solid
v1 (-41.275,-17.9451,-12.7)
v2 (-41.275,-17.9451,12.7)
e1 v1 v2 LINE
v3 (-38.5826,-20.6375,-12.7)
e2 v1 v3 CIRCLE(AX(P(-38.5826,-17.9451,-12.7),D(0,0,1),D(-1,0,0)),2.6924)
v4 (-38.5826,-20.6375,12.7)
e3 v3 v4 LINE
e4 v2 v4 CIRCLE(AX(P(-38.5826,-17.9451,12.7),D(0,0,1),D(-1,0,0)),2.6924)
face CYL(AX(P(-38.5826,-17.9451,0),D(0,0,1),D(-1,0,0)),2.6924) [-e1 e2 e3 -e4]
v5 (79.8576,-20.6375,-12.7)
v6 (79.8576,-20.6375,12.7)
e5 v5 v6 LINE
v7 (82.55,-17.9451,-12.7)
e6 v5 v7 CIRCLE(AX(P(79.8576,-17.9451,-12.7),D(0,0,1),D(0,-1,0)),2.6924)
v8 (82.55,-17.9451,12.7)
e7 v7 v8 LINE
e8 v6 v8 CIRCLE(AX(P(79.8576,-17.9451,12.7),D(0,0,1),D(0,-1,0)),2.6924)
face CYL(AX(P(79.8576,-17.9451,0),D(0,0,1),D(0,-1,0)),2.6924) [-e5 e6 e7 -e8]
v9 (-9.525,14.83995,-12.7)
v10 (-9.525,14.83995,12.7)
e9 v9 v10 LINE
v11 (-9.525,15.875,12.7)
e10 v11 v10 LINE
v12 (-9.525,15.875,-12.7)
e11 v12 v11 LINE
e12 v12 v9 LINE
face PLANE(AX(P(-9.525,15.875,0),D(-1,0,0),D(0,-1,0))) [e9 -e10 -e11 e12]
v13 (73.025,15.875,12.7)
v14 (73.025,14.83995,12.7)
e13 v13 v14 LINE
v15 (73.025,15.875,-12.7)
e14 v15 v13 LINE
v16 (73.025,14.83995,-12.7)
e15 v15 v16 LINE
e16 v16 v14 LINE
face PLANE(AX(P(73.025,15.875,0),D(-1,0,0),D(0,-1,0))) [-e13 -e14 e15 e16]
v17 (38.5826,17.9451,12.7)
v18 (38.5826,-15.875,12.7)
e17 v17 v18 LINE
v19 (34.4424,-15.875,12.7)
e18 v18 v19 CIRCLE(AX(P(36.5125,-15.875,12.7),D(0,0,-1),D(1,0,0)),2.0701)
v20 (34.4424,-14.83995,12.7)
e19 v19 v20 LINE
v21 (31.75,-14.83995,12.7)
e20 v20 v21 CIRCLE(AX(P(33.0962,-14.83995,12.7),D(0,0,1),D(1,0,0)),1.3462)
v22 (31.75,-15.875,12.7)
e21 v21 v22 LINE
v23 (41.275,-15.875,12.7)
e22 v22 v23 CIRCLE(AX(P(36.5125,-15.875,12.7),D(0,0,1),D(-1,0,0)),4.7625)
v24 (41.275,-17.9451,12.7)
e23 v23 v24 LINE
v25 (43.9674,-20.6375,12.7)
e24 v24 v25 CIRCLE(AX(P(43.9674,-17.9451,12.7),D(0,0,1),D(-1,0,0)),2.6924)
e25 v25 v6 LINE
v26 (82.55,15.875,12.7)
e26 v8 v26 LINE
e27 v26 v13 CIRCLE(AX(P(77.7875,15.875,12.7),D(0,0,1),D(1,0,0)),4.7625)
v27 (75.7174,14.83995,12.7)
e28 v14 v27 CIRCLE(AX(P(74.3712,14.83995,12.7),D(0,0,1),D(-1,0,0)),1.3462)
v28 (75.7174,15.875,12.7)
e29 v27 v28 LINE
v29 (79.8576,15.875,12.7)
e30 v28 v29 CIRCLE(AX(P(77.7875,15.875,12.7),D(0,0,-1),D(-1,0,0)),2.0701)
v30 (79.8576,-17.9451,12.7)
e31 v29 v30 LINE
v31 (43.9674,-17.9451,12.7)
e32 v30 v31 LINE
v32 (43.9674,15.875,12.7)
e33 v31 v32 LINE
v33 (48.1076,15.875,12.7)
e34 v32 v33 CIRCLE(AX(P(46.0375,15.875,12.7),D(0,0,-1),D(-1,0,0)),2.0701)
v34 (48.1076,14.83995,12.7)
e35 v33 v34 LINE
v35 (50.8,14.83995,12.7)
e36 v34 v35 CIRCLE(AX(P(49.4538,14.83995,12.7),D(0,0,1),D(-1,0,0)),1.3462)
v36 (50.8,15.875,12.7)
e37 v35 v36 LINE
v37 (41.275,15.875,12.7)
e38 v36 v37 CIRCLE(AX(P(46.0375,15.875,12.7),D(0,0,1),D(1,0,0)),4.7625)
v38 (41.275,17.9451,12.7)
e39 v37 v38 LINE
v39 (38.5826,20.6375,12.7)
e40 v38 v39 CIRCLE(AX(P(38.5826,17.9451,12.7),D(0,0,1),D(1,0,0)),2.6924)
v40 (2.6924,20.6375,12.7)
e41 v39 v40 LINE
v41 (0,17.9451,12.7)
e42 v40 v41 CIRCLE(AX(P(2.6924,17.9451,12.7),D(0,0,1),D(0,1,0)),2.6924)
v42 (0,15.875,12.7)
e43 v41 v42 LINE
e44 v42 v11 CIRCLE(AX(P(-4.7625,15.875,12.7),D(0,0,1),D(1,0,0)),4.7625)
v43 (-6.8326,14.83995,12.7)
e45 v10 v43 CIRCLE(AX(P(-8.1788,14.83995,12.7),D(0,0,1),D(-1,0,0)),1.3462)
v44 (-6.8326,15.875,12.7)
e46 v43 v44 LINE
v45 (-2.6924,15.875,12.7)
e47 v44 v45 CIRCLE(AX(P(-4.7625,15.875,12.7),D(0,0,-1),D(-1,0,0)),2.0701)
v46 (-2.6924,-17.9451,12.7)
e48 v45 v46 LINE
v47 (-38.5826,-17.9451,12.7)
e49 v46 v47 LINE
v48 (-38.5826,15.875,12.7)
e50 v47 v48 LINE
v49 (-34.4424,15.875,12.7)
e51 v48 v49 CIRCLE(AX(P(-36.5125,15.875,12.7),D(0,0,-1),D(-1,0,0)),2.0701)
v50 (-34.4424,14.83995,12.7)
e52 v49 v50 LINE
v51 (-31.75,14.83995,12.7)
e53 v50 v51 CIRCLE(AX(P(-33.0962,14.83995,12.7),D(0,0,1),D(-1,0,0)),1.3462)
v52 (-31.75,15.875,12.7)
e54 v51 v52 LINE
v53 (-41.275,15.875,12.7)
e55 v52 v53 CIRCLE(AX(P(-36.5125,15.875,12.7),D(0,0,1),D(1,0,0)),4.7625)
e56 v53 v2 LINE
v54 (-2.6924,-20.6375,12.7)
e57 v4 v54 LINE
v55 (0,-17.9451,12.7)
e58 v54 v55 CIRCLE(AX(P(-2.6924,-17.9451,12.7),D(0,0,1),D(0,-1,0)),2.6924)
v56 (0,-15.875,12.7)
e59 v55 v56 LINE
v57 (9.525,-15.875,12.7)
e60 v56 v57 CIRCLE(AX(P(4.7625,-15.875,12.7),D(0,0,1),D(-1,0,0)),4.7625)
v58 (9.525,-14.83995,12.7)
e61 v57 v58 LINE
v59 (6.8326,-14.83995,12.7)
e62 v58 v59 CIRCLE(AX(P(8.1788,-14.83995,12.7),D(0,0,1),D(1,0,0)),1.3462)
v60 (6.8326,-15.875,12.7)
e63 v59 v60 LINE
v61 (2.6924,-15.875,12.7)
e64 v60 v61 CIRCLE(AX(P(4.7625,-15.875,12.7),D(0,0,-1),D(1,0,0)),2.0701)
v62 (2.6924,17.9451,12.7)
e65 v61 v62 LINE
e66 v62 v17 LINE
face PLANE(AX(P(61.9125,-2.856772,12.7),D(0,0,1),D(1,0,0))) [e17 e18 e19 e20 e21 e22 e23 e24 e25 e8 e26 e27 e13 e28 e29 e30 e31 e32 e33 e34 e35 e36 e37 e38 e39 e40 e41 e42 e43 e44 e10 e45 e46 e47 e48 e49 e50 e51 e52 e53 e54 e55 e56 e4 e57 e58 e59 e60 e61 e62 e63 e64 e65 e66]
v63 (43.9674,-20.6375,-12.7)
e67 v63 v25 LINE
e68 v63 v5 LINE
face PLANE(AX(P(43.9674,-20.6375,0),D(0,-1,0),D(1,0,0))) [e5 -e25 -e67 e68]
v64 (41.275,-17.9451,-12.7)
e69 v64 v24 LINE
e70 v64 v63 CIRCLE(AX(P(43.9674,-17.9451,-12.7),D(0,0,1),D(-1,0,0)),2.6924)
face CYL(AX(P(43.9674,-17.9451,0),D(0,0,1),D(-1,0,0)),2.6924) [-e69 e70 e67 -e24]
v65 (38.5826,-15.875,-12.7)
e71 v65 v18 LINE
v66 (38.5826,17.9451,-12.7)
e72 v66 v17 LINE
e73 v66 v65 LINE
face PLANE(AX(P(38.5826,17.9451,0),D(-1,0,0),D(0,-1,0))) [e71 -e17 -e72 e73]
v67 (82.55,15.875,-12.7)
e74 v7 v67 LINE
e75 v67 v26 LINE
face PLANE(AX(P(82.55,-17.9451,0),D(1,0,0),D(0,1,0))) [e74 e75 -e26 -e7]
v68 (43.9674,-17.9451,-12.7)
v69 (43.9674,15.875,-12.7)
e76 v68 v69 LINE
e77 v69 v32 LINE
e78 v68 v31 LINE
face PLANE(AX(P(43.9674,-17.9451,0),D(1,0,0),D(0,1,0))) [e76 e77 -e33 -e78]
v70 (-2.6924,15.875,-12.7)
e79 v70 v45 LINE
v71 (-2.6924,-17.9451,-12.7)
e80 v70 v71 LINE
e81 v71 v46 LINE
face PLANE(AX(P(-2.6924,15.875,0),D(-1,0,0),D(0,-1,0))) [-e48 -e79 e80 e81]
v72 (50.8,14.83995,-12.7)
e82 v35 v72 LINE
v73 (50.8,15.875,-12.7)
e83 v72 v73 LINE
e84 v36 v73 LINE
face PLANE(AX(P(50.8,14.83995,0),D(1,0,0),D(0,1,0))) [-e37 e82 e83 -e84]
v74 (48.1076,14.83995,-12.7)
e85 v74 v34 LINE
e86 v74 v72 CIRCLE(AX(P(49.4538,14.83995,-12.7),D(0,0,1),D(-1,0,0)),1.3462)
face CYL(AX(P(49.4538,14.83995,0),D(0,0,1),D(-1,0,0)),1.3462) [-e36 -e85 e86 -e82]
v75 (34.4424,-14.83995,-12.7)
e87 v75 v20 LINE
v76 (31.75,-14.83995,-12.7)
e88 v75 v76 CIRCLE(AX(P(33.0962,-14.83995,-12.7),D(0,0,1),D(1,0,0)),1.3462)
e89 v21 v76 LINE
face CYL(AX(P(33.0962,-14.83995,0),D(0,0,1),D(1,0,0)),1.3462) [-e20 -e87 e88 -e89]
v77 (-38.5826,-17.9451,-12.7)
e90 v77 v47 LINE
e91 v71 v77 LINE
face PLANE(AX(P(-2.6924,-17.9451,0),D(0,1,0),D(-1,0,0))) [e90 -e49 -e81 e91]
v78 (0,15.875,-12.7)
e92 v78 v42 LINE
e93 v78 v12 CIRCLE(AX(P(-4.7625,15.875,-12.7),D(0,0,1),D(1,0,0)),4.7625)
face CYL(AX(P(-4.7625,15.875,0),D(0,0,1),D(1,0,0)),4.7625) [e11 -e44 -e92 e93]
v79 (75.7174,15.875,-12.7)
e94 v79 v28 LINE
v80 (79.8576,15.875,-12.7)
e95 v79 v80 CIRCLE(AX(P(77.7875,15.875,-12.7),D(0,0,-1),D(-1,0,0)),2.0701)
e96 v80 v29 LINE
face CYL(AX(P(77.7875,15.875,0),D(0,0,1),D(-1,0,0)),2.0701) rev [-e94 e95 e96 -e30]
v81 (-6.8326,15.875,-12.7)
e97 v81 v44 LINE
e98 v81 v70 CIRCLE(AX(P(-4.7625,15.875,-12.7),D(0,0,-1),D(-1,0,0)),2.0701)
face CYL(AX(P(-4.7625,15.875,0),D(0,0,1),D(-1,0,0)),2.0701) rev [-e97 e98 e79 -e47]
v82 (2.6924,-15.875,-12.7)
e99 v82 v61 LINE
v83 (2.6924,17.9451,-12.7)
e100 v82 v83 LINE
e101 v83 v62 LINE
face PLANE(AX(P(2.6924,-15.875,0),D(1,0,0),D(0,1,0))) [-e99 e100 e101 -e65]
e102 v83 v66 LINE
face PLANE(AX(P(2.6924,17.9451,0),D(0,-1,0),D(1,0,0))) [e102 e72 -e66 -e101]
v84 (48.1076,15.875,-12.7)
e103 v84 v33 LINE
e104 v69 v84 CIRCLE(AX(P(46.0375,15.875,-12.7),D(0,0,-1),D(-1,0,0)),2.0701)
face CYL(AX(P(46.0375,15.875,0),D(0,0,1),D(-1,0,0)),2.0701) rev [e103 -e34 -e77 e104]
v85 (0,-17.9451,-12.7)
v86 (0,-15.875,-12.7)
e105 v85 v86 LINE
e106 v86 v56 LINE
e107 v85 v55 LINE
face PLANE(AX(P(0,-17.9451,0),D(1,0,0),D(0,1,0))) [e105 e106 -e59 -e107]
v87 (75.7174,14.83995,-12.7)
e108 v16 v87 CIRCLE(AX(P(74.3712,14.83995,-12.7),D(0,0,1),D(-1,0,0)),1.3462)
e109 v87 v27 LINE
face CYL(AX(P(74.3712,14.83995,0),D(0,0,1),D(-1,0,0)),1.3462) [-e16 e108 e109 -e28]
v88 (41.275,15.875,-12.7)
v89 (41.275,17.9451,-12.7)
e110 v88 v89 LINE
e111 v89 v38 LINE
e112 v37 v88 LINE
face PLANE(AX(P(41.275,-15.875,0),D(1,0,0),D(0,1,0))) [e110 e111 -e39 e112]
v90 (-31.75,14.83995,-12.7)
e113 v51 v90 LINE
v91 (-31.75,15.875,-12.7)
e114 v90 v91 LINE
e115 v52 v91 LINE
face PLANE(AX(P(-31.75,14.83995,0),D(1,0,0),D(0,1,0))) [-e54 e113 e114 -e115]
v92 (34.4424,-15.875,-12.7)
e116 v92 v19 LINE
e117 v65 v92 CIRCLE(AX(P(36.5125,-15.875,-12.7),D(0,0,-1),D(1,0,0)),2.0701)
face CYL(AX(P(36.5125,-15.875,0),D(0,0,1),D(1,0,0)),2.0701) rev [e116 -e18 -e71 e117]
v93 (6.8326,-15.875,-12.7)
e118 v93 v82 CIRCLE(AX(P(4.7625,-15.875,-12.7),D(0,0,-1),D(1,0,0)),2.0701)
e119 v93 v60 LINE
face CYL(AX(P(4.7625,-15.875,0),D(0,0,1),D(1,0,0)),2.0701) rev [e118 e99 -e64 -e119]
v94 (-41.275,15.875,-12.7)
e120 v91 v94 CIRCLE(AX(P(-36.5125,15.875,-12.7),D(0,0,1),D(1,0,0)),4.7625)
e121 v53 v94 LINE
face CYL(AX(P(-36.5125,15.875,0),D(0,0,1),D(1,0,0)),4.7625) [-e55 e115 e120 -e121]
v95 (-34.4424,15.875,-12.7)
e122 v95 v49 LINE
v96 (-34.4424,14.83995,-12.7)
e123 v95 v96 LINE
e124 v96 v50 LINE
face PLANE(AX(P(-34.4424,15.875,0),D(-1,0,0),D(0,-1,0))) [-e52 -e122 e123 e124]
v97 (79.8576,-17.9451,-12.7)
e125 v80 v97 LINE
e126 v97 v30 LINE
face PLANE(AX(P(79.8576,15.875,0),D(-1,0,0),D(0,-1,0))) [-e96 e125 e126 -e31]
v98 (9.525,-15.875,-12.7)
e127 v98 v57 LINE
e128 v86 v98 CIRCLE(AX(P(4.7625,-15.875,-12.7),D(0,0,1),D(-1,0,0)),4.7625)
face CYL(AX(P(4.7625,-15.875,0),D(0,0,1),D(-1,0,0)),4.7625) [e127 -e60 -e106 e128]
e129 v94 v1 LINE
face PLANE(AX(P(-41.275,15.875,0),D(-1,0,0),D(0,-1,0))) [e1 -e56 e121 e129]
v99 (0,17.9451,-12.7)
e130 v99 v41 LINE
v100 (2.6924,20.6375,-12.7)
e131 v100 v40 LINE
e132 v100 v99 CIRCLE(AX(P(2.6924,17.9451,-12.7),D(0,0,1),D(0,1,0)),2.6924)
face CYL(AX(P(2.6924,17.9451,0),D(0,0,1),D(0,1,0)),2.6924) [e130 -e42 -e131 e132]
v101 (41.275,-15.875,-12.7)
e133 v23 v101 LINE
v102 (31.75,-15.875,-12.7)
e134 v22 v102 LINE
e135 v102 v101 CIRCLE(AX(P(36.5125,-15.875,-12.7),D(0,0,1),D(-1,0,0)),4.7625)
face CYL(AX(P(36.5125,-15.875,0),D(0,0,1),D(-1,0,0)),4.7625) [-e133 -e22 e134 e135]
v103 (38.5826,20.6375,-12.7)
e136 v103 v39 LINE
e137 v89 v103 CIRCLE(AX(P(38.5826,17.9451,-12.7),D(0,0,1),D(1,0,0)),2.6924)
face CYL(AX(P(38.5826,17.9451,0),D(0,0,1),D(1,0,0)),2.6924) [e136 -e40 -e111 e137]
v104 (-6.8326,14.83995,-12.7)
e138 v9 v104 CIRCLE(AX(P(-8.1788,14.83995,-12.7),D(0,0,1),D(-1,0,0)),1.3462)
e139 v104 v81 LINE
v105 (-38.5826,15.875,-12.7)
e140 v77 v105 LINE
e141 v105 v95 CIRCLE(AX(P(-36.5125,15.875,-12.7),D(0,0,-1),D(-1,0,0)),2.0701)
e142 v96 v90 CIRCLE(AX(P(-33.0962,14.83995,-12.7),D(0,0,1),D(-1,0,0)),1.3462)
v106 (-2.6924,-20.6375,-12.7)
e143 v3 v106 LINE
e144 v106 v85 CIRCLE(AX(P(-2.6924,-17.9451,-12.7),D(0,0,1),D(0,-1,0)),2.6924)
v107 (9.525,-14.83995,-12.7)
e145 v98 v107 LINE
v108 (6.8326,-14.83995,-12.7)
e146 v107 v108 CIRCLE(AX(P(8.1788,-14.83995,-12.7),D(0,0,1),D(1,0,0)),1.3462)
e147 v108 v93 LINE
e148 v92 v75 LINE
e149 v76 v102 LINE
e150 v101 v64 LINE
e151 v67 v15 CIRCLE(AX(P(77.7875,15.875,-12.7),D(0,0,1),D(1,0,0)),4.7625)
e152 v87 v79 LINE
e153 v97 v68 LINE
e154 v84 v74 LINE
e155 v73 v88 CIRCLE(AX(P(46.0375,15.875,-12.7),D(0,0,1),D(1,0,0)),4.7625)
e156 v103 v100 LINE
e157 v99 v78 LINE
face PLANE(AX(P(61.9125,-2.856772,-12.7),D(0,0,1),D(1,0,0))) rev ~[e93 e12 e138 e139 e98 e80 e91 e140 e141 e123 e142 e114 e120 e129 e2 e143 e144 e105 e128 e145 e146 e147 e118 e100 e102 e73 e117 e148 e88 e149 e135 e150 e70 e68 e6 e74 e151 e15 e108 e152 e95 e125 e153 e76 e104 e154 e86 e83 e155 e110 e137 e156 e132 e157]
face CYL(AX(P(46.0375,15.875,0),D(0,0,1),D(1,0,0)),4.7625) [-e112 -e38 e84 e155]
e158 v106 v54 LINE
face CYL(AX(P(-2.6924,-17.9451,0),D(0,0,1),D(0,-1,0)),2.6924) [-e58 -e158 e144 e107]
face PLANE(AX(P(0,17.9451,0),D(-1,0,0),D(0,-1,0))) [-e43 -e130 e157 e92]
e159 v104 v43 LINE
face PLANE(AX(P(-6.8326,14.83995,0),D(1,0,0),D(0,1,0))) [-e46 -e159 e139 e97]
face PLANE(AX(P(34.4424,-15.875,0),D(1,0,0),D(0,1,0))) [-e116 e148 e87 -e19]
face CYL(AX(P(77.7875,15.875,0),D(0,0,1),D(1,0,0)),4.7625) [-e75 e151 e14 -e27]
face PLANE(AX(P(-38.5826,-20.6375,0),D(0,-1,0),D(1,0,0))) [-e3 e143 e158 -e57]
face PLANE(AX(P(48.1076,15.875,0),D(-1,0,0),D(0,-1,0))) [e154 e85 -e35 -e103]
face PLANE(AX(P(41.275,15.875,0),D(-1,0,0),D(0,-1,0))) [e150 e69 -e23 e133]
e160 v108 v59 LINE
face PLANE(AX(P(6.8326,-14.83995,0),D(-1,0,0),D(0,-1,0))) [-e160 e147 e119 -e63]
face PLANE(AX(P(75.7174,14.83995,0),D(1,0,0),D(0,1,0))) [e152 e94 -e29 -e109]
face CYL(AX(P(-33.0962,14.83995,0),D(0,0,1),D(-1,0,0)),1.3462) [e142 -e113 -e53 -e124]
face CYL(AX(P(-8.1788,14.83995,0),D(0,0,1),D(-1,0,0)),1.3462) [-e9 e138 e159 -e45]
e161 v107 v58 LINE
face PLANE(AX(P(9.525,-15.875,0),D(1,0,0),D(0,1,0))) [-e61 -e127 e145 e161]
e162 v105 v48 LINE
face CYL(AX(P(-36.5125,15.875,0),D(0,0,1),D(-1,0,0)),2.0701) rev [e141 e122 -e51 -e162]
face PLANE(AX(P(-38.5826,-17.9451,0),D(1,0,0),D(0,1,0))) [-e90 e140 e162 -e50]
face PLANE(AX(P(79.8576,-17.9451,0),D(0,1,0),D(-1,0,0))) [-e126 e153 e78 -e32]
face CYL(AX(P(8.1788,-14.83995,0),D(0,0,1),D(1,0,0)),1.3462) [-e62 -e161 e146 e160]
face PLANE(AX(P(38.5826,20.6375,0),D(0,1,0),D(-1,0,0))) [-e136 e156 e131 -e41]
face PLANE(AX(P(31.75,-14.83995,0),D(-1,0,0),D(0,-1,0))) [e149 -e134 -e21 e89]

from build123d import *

# Parameters (mm, degrees)
BASE_EXTRUDE_DEPTH = 12.7
CIRPATTERN1_COUNT  = 2
LPATTERN1_COUNT    = 2
LPATTERN1_PITCH    = 82.55


with BuildPart() as part:
    # Sketch1 → Base-Extrude (new, symmetric)
    with BuildSketch(Plane.XY):
        with BuildLine():
            Line((-41.275, 15.875), (-41.275, -17.9451))
            ThreePointArc((-41.275, -17.9451), (-40.486414298, -19.848914298), (-38.5826, -20.6375))
            Line((-38.5826, -20.6375), (-2.6924, -20.6375))
            ThreePointArc((-2.6924, -20.6375), (-0.788585702, -19.848914298), (0, -17.9451))
            Line((0, -17.9451), (0, 15.875))
            ThreePointArc((0, 15.875), (-4.7625, 20.6375), (-9.525, 15.875))
            Line((-9.525, 15.875), (-9.525, 14.83995))
            ThreePointArc((-9.525, 14.83995), (-8.1788, 13.49375), (-6.8326, 14.83995))
            Line((-6.8326, 14.83995), (-6.8326, 15.875))
            ThreePointArc((-6.8326, 15.875), (-4.7625, 17.9451), (-2.6924, 15.875))
            Line((-2.6924, 15.875), (-2.6924, -17.9451))
            Line((-2.6924, -17.9451), (-38.5826, -17.9451))
            Line((-38.5826, -17.9451), (-38.5826, 15.875))
            ThreePointArc((-38.5826, 15.875), (-36.5125, 17.9451), (-34.4424, 15.875))
            Line((-34.4424, 15.875), (-34.4424, 14.83995))
            ThreePointArc((-34.4424, 14.83995), (-33.0962, 13.49375), (-31.75, 14.83995))
            Line((-31.75, 14.83995), (-31.75, 15.875))
            ThreePointArc((-31.75, 15.875), (-36.5125, 20.6375), (-41.275, 15.875))
        make_face()
    base_extrude = extrude(amount=BASE_EXTRUDE_DEPTH, both=True)

    # CirPattern1: Base-Extrude ×2 about axis
    cirpattern1_axis = Axis((0, 0, 0), (0, 0, 1))
    for i in range(1, CIRPATTERN1_COUNT):
        add(base_extrude.rotate(cirpattern1_axis, i * 360 / CIRPATTERN1_COUNT))

    # LPattern1: Base-Extrude ×2
    with Locations(*[(i * LPATTERN1_PITCH, 0, 0) for i in range(1, LPATTERN1_COUNT)]):
        add(base_extrude)


solid = part.part
